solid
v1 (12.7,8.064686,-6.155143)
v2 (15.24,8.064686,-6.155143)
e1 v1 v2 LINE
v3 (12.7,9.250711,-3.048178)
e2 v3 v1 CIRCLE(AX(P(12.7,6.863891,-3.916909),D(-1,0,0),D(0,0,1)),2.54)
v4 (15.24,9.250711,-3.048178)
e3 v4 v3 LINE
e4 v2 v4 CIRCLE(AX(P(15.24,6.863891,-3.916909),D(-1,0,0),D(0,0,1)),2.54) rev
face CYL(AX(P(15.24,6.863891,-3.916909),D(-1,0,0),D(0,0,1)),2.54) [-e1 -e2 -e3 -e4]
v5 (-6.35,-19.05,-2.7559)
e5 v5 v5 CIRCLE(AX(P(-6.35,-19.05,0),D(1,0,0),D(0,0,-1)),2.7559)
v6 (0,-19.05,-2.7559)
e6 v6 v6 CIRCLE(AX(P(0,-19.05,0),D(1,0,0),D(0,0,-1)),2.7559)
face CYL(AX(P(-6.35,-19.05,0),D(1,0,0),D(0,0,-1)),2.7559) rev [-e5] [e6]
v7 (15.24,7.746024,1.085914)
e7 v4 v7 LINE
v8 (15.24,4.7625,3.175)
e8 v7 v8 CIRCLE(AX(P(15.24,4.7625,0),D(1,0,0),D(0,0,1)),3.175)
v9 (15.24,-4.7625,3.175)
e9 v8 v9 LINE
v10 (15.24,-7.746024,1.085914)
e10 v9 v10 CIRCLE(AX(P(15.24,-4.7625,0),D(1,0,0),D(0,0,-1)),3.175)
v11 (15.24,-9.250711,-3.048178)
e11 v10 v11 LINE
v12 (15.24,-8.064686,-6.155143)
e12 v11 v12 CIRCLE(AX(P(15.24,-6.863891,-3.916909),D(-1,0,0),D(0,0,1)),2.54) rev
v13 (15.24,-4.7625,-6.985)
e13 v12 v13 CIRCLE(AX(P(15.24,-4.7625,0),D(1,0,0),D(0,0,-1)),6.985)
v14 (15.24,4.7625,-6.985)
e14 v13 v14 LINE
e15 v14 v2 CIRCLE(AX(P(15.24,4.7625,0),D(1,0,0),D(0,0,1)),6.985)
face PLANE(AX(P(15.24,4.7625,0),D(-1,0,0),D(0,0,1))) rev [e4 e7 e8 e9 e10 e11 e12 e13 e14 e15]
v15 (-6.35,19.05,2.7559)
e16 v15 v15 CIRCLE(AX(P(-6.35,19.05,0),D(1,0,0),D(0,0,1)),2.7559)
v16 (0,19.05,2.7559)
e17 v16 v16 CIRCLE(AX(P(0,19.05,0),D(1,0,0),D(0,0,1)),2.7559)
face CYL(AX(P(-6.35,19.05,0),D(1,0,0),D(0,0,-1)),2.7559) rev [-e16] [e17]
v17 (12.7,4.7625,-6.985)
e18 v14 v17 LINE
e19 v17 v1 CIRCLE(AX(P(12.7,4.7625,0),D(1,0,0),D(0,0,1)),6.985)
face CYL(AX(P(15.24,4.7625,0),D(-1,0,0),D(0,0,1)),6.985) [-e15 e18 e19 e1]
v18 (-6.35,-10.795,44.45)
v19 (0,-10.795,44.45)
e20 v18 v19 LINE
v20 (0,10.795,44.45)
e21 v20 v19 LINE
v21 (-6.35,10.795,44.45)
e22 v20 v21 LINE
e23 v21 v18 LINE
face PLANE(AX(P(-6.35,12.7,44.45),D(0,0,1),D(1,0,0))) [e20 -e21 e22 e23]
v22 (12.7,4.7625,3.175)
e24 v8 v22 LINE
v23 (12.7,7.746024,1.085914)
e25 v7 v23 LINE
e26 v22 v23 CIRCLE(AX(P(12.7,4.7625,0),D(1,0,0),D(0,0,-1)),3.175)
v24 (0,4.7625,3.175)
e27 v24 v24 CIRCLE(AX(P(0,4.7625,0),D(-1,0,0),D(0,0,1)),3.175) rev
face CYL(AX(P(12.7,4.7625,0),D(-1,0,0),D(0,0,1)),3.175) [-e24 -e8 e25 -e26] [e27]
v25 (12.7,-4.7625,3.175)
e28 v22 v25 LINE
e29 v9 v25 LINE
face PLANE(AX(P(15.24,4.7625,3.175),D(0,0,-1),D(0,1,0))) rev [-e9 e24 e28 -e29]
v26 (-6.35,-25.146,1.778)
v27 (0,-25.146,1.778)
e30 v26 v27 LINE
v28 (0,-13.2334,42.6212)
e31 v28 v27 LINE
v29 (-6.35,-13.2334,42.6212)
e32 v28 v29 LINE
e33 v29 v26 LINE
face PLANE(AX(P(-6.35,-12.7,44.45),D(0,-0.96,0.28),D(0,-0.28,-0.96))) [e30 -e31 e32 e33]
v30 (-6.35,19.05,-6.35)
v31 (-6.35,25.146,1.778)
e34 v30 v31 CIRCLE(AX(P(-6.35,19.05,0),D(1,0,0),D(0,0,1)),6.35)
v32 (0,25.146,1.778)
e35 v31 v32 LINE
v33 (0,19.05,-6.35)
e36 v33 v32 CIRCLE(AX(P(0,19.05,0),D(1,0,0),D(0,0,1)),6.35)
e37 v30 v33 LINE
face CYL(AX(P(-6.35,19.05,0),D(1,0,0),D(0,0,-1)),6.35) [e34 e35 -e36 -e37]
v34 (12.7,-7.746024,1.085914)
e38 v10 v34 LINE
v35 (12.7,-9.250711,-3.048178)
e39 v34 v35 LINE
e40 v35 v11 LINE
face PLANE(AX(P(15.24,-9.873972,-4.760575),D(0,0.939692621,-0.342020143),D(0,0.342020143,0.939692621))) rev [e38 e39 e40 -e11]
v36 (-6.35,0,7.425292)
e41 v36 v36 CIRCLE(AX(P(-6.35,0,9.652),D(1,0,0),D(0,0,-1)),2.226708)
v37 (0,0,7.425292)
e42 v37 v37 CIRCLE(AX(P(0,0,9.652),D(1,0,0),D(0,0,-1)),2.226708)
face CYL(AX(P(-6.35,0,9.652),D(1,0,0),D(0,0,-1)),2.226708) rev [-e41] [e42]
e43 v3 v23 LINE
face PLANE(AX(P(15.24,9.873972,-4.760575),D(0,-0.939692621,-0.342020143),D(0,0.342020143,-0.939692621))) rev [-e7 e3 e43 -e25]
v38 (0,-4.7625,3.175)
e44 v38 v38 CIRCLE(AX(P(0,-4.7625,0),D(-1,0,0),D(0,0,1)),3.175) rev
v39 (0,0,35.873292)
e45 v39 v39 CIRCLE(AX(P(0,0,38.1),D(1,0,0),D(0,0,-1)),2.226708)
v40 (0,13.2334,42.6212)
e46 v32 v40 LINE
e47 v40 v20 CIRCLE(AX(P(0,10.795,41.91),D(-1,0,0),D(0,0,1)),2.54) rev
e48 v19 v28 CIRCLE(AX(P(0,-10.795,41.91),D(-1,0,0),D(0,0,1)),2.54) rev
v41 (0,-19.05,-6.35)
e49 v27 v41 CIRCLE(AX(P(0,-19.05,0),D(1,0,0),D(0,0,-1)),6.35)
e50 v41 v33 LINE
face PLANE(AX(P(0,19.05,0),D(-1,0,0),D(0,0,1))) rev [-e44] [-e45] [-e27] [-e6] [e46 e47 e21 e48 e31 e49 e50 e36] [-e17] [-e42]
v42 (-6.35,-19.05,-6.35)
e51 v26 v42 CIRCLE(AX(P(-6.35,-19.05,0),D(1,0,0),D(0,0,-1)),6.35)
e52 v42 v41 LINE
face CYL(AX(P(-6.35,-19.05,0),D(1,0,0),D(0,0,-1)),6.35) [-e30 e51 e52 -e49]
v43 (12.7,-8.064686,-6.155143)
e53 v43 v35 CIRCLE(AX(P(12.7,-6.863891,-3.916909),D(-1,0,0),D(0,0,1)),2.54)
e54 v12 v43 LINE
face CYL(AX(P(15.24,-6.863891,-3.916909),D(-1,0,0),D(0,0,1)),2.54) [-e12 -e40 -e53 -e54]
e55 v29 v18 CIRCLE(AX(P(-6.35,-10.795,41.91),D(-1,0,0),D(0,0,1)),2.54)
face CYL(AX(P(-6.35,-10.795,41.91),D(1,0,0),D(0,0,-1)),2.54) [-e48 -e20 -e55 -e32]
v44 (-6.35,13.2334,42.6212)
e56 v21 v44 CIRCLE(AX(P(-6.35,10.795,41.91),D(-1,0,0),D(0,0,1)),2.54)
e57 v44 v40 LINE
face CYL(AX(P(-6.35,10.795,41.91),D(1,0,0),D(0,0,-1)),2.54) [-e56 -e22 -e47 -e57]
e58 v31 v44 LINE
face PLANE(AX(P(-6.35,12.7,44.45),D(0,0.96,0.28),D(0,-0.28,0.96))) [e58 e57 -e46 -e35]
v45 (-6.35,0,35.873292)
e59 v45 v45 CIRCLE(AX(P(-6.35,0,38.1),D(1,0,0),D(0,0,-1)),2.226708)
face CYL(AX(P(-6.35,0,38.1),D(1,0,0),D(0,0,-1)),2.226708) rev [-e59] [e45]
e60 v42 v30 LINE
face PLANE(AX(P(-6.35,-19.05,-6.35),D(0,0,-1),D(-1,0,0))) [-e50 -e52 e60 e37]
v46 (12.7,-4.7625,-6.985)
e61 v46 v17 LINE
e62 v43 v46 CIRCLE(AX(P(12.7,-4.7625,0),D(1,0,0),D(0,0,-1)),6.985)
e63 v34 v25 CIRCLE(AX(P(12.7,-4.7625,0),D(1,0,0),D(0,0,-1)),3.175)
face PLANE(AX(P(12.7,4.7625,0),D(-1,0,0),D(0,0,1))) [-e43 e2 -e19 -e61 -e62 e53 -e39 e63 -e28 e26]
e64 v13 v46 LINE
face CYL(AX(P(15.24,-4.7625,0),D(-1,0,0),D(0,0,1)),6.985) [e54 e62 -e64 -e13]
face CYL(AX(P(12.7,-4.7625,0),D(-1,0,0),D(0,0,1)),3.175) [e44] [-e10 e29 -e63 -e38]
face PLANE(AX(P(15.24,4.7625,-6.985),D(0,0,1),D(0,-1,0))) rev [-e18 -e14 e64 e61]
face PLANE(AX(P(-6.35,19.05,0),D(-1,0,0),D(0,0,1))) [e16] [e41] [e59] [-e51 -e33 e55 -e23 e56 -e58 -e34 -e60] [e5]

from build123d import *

# Parameters (mm, degrees)
SKETCH1_R           = 2.22670754
SKETCH1_R_2         = 2.7559
BOSS_EXTRUDE1_DEPTH = 6.35
SKETCH2_R           = 3.175
BOSS_EXTRUDE2_DEPTH = 12.7
BOSS_EXTRUDE3_DEPTH = 2.54
FILLET1_R           = 2.54


with BuildPart() as part:
    # Sketch1 → Boss-Extrude1 (new body)
    with BuildSketch(Plane(origin=(0, 0, 0), x_dir=(0, 0, -1), z_dir=(1, 0, 0))):
        with BuildLine():
            Line((-44.45, 12.7), (-44.45, -12.7))
            Line((-44.45, -12.7), (-1.778, -25.146))
            ThreePointArc((-1.778, -25.146), (3.81, -24.13), (6.35, -19.05))
            Line((6.35, -19.05), (6.35, 19.05))
            ThreePointArc((6.35, 19.05), (3.81, 24.13), (-1.778, 25.146))
            Line((-1.778, 25.146), (-44.45, 12.7))
        make_face()
        with Locations((-38.1, 0)):
            Circle(SKETCH1_R, mode=Mode.SUBTRACT)
        with Locations((-9.652, 0)):
            Circle(SKETCH1_R, mode=Mode.SUBTRACT)
        with Locations((0, -19.05)):
            Circle(SKETCH1_R_2, mode=Mode.SUBTRACT)
        with Locations((0, 19.05)):
            Circle(SKETCH1_R_2, mode=Mode.SUBTRACT)
    extrude(amount=-BOSS_EXTRUDE1_DEPTH)

    # Sketch2 → Boss-Extrude2 (add)
    with BuildSketch(Plane(origin=(0, 0, 0), x_dir=(0, 0, -1), z_dir=(1, 0, 0))):
        with Locations((0, -4.7625)):
            Circle(SKETCH2_R)
        with Locations((0, 4.7625)):
            Circle(SKETCH2_R)
    extrude(amount=BOSS_EXTRUDE2_DEPTH)

    # Sketch4 → Boss-Extrude3 (add)
    with BuildSketch(Plane(origin=(12.7, 0, 0), x_dir=(0, 0, -1), z_dir=(1, 0, 0))):
        with BuildLine():
            Line((-3.175, 4.7625), (-3.175, -4.7625))
            ThreePointArc((-3.175, -4.7625), (-2.600807741, -6.583605185), (-1.085913955, -7.746024071))
            Line((-1.085913955, -7.746024071), (4.760575332, -9.873972147))
            ThreePointArc((4.760575332, -9.873972147), (6.404796784, -7.549757281), (6.985, -4.7625))
            Line((6.985, -4.7625), (6.985, 4.7625))
            ThreePointArc((6.985, 4.7625), (6.404796784, 7.549757281), (4.760575332, 9.873972147))
            Line((4.760575332, 9.873972147), (-1.085913955, 7.746024071))
            ThreePointArc((-1.085913955, 7.746024071), (-2.600807741, 6.583605185), (-3.175, 4.7625))
        make_face()
    extrude(amount=BOSS_EXTRUDE3_DEPTH)

    # Fillet1
    fillet1_edges = [part.edges().sort_by_distance(p)[0] for p in [
        (-3.175, -12.7, 44.45),
        (-3.175, 12.7, 44.45),
        (13.97, -9.873972147, -4.760575332),
        (13.97, 9.873972147, -4.760575332),
    ]]
    fillet(fillet1_edges, radius=FILLET1_R)


solid = part.part
